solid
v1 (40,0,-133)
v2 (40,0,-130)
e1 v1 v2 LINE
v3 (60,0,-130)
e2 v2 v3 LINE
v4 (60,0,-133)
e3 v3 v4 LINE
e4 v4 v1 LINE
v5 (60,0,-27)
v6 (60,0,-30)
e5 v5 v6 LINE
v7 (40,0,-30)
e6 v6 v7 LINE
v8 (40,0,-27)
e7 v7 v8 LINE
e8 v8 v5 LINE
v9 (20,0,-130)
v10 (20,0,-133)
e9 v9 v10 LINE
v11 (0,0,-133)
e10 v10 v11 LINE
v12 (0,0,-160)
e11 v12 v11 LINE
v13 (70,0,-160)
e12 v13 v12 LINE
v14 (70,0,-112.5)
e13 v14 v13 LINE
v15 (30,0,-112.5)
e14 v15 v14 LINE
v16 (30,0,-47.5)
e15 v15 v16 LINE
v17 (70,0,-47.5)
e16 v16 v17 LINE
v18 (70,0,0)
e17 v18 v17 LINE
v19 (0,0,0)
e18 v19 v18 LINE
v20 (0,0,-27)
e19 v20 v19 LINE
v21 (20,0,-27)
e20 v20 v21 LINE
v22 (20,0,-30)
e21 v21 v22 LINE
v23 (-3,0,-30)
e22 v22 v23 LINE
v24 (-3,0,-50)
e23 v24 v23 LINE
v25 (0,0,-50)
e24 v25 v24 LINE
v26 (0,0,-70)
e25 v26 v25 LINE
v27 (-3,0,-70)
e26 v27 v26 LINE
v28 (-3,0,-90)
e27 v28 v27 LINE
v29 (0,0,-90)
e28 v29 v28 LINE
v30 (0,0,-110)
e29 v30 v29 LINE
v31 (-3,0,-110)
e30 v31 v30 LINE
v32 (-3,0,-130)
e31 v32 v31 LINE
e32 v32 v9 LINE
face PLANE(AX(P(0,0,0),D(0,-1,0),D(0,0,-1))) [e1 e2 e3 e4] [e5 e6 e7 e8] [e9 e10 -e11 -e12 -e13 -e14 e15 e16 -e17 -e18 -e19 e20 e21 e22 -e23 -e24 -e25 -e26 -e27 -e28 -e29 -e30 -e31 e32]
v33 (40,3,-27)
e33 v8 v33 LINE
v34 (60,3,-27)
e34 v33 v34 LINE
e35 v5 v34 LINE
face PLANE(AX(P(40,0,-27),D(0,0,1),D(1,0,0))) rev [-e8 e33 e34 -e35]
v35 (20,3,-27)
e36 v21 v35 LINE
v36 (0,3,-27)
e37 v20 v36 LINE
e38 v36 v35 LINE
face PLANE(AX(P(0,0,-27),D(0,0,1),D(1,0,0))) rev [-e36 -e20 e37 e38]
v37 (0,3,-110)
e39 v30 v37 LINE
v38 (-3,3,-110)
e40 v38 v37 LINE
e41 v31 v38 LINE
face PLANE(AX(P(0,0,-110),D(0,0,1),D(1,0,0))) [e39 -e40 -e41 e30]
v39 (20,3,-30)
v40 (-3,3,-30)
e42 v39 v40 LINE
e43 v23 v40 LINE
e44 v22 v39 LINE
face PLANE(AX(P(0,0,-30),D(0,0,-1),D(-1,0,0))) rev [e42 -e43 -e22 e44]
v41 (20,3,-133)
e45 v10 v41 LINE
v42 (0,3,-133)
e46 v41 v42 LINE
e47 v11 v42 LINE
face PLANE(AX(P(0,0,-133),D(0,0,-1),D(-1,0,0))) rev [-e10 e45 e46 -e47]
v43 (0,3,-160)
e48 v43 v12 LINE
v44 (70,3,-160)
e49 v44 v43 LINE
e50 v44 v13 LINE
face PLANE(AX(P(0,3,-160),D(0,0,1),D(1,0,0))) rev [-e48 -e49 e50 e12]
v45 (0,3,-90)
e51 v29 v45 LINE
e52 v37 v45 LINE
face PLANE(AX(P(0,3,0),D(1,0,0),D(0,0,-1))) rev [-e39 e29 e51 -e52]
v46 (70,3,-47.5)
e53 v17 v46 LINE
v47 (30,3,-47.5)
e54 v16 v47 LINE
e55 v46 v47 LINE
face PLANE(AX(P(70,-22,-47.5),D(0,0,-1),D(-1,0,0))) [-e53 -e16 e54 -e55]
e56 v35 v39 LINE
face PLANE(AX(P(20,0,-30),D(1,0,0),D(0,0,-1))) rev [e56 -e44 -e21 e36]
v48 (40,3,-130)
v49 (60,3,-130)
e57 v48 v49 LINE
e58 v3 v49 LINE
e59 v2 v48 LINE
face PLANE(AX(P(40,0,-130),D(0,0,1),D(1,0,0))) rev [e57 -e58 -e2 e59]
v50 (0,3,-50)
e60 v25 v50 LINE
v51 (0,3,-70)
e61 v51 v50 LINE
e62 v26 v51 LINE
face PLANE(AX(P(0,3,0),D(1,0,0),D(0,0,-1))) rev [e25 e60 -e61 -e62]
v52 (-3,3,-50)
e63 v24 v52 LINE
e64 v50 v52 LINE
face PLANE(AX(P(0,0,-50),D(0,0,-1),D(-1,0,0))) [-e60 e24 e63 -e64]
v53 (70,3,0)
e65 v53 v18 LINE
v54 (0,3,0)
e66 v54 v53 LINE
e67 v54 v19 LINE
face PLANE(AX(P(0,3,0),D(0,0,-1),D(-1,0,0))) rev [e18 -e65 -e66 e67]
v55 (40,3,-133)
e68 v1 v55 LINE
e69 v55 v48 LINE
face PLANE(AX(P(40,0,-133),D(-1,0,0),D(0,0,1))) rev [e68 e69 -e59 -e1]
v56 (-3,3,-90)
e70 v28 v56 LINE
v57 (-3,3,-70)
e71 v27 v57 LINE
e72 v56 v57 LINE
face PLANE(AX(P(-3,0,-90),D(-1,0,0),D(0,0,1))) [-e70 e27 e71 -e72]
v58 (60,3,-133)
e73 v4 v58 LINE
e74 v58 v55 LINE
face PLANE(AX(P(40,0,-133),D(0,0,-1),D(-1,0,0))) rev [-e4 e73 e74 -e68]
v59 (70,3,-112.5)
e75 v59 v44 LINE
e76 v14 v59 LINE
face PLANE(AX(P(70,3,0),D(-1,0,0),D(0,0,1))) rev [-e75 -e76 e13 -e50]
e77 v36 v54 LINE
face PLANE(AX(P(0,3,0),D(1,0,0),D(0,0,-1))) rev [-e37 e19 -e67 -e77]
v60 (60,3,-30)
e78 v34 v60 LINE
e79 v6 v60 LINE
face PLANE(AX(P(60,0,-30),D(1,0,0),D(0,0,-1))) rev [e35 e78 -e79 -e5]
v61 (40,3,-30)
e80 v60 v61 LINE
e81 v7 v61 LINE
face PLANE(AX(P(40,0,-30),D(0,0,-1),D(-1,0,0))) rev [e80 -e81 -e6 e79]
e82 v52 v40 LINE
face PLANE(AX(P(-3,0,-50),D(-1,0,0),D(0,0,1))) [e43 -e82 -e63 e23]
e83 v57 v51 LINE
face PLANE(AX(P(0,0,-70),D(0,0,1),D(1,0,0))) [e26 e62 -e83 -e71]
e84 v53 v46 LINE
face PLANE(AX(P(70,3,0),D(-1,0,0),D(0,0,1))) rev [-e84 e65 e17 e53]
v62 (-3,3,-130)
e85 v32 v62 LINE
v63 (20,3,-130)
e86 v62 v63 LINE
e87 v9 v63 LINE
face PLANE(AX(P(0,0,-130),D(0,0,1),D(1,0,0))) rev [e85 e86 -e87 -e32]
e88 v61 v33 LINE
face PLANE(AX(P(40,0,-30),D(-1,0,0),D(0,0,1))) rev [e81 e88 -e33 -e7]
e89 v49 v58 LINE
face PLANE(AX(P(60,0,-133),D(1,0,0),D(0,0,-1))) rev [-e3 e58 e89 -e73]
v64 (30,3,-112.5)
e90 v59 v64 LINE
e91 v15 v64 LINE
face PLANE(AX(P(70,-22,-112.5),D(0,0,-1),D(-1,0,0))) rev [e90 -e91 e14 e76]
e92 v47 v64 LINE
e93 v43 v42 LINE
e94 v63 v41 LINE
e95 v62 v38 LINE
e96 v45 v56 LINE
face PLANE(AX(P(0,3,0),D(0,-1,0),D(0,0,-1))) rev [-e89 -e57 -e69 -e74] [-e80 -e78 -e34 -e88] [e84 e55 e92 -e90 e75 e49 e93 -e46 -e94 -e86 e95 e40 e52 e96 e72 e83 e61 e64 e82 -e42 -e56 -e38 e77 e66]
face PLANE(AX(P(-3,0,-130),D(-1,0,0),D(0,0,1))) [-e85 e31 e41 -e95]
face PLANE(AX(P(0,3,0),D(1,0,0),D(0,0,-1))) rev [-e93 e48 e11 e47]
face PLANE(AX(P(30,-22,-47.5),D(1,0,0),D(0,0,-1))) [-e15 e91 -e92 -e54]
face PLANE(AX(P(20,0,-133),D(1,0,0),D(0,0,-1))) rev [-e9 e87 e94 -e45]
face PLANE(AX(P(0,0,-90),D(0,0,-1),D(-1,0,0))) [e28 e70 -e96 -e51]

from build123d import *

# Parameters (mm, degrees)
SKETCH1_W           = 70
SKETCH1_H           = 160
BOSS_EXTRUDE1_DEPTH = 3
SKETCH2_W           = 20
SKETCH2_H           = 3
CUT_EXTRUDE1_DEPTH  = 3
SKETCH3_W           = 3
SKETCH3_H           = 20
BOSS_EXTRUDE2_DEPTH = 3
SKETCH5_W           = 40
SKETCH5_H           = 65
CUT_EXTRUDE2_DEPTH  = 25


with BuildPart() as part:
    # Sketch1 → Boss-Extrude1 (new body)
    with BuildSketch(Plane(origin=(0, 0, 0), x_dir=(1, 0, 0), z_dir=(0, 1, 0))):
        with Locations((35, 80)):
            Rectangle(SKETCH1_W, SKETCH1_H)
    extrude(amount=BOSS_EXTRUDE1_DEPTH)

    # Sketch2 → Cut-Extrude1 (cut)
    with BuildSketch(Plane(origin=(0, 3, 0), x_dir=(1, 0, 0), z_dir=(0, 1, 0))):
        with Locations((10, 28.5)):
            Rectangle(SKETCH2_W, SKETCH2_H)
        with Locations((10, 131.5)):
            Rectangle(SKETCH2_W, SKETCH2_H)
        with Locations((50, 131.5)):
            Rectangle(SKETCH2_W, SKETCH2_H)
        with Locations((50, 28.5)):
            Rectangle(SKETCH2_W, SKETCH2_H)
    extrude(amount=-CUT_EXTRUDE1_DEPTH, mode=Mode.SUBTRACT)

    # Sketch3 → Boss-Extrude2 (add)
    with BuildSketch(Plane(origin=(0, 3, 0), x_dir=(1, 0, 0), z_dir=(0, 1, 0))):
        with Locations((-1.5, 120)):
            Rectangle(SKETCH3_W, SKETCH3_H)
        with Locations((-1.5, 80)):
            Rectangle(SKETCH3_W, SKETCH3_H)
        with Locations((-1.5, 40)):
            Rectangle(SKETCH3_W, SKETCH3_H)
    extrude(amount=-BOSS_EXTRUDE2_DEPTH)

    # Sketch5 → Cut-Extrude2 (cut)
    with BuildSketch(Plane(origin=(0, 3, 0), x_dir=(1, 0, 0), z_dir=(0, 1, 0))):
        with Locations((50, 80)):
            Rectangle(SKETCH5_W, SKETCH5_H)
    extrude(amount=-CUT_EXTRUDE2_DEPTH, mode=Mode.SUBTRACT)


solid = part.part
